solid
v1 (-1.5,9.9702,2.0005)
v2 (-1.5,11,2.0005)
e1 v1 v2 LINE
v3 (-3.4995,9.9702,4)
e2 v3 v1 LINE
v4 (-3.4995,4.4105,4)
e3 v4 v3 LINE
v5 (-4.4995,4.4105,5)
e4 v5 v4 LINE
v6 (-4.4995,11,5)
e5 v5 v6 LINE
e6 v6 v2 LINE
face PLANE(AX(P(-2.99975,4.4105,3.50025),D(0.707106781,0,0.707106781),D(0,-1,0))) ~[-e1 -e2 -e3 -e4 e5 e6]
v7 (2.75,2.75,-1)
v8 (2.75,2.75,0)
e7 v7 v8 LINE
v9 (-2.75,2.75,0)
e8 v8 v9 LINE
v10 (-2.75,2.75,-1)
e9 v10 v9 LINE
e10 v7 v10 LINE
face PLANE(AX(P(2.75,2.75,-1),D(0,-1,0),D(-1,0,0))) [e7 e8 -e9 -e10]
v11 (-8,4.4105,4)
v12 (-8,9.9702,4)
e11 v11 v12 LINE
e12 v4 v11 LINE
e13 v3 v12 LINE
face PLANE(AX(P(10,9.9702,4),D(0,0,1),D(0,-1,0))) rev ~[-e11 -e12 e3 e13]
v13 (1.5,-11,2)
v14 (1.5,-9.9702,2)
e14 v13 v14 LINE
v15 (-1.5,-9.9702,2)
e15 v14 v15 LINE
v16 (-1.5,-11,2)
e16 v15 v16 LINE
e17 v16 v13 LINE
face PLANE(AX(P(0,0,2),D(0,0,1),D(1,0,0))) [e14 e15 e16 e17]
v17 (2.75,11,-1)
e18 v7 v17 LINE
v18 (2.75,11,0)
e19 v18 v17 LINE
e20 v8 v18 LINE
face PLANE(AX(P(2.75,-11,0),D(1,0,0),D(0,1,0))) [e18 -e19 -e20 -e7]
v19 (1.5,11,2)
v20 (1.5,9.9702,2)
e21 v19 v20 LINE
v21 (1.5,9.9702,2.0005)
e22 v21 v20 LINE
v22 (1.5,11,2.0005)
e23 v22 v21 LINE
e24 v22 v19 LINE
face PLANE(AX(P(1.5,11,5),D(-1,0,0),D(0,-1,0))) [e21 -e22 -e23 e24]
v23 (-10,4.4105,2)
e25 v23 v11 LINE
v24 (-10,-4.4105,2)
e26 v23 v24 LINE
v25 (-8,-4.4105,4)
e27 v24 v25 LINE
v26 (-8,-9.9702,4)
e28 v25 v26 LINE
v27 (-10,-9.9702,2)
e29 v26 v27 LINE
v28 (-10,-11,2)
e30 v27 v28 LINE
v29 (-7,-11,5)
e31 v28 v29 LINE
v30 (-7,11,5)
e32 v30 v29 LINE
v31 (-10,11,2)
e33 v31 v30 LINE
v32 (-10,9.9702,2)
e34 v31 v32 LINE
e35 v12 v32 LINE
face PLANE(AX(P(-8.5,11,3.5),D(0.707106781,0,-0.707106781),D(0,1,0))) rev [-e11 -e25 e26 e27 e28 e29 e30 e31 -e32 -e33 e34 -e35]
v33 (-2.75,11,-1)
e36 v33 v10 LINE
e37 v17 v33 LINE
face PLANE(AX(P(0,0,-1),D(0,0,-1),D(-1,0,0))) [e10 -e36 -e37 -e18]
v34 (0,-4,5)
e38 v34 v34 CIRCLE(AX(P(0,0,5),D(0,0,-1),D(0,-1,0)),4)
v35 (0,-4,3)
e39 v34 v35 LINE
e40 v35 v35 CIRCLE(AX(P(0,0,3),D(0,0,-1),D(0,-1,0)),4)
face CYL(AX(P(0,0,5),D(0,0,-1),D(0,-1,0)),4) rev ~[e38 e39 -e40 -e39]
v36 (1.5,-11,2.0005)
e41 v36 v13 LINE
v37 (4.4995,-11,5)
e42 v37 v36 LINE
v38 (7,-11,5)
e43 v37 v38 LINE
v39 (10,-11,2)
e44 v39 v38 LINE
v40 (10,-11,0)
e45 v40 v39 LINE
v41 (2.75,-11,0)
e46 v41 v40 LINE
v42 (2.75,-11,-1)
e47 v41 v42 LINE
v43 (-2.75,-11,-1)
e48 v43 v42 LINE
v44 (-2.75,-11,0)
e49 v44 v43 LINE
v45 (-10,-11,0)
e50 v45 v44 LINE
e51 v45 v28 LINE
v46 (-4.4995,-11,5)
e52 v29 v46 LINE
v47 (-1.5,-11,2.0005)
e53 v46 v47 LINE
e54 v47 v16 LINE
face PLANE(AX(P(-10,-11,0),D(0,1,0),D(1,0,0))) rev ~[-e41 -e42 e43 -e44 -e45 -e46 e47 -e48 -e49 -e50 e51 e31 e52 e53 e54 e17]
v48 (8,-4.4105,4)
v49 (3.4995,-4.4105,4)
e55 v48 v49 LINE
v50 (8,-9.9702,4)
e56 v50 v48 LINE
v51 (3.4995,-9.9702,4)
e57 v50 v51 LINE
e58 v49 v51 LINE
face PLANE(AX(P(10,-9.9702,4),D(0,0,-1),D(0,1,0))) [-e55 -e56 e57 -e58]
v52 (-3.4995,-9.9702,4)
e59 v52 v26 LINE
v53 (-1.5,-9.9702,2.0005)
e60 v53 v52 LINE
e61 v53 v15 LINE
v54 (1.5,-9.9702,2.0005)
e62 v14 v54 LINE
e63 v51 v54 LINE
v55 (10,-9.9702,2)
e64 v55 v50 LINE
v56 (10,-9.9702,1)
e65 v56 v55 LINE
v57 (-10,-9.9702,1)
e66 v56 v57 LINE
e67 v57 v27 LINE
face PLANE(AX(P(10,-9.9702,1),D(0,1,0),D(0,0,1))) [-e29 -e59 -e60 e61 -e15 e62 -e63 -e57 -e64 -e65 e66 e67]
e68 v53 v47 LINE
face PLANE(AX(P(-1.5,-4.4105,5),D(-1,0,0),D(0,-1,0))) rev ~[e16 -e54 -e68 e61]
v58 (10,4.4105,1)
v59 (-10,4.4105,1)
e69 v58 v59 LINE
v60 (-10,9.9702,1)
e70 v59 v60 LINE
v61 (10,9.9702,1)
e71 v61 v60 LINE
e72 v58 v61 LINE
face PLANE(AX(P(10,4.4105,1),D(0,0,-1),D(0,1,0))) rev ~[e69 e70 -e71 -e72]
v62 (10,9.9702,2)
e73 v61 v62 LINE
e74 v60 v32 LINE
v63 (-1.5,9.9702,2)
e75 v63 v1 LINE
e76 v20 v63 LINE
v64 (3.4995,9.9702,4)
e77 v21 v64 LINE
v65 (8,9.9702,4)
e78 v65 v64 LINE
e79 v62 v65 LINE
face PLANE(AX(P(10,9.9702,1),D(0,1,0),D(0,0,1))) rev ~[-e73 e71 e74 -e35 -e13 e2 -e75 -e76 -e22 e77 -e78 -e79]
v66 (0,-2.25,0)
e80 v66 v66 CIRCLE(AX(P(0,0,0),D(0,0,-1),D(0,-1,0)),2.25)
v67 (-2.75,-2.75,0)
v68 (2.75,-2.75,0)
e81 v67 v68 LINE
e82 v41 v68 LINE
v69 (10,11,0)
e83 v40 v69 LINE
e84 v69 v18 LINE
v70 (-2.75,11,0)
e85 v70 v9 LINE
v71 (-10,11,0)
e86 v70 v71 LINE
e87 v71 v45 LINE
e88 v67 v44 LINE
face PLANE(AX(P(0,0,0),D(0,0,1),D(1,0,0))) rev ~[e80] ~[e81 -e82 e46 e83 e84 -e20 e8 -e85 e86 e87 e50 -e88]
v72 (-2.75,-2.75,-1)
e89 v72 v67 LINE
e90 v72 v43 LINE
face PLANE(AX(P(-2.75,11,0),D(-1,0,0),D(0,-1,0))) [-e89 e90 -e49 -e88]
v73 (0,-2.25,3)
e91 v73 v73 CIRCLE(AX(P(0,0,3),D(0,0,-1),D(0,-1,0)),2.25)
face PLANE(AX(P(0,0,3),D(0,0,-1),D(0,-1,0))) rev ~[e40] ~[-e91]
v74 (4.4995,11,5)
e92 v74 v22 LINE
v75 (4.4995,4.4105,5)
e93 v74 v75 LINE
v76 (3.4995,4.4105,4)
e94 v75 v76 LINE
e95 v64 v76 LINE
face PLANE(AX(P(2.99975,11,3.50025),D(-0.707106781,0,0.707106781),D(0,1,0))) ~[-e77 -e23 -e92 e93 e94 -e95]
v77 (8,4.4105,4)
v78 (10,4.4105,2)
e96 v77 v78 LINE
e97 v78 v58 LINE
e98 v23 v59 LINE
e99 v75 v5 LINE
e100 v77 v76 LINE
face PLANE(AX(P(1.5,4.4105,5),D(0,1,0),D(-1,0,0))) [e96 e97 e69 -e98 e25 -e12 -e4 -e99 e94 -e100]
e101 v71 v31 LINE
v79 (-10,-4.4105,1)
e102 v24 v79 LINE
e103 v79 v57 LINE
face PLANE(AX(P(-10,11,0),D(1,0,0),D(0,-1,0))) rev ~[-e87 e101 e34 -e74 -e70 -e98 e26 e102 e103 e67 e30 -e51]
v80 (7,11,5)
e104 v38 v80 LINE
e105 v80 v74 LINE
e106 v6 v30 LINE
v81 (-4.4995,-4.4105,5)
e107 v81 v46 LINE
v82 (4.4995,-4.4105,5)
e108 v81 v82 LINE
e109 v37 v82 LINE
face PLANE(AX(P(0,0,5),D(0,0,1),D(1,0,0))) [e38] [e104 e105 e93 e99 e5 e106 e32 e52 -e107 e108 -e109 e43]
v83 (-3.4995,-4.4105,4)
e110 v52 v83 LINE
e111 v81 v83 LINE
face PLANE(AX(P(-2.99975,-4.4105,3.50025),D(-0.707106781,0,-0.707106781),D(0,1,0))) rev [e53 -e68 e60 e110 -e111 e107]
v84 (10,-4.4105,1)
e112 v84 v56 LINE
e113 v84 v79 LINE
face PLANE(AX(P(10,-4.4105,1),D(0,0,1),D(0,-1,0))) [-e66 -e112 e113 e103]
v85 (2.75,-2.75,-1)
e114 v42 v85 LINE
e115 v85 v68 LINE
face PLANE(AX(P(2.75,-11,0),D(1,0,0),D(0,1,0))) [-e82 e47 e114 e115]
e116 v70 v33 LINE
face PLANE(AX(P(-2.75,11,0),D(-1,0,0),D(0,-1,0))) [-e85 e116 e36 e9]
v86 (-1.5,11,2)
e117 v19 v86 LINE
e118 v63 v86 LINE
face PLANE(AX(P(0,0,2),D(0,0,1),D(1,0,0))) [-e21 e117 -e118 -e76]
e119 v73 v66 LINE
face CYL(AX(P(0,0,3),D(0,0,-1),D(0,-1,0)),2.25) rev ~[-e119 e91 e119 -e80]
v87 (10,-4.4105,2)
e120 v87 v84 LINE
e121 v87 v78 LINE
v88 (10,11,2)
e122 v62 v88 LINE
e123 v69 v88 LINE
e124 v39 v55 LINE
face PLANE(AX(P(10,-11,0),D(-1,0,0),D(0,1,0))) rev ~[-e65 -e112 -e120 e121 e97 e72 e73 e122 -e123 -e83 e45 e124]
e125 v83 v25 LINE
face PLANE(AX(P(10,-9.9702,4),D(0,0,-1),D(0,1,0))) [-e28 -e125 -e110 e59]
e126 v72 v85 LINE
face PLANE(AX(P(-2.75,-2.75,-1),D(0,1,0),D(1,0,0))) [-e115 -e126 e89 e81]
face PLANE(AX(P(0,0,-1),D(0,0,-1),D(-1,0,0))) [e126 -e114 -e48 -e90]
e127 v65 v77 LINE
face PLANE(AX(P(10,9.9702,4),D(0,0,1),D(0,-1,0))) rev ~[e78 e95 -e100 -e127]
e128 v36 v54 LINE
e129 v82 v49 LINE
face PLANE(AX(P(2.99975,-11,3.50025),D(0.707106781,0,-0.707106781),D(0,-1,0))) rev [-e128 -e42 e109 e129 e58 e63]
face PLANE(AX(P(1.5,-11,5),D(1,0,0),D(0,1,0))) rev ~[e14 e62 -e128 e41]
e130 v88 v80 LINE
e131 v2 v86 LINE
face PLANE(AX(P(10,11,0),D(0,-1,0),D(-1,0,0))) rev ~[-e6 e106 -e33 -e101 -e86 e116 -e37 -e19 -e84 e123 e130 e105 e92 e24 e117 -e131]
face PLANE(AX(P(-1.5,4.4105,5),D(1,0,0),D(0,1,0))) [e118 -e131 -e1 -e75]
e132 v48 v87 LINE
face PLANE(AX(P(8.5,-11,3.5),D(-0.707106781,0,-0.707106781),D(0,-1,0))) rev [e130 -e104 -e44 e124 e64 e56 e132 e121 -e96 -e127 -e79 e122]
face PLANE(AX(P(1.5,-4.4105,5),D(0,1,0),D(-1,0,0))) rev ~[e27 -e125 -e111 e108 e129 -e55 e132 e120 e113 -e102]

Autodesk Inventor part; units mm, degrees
ref_plane "YZ Plane" through (0, 0, 0) normal (1, 0, 0) x (0, 1, 0)
ref_plane "XZ Plane" through (0, 0, 0) normal (0, 1, 0) x (-1, 0, 0)
ref_plane "XY Plane" through (0, 0, 0) normal (0, 0, 1) x (1, 0, 0)
sketch "Sketch1" plane through (0, 0, 0) normal (0, 0, 1) x (1, 0, 0)
  line L0 (10, 11) -> (-10, 11)
  line L1 (-10, 11) -> (-10, -11)
  line L2 (-10, -11) -> (10, -11)
  line L3 (10, -11) -> (10, 11)
  line L4 (10, 11) -> (-10, -11) construction
  line L5 (-10, 11) -> (10, -11) construction
  line L6 (0, -12.7143) -> (0, 12.7143) construction
  line L7 (12, 0) -> (-13.2325, 0) construction
  point P0 (0, 0)
  dimension "d0" = 20
  dimension "d1" = 22
extrude "Extrusion1" add sketch "Sketch1" along normal blind 5
chamfer "Chamfer7" distance 3 angle 45 2 edges at (10, 0, 5) (-10, 0, 5)
sketch "Sketch2" plane through (0, 0, 0) normal (0, 0, -1) x (-1, 0, 0)
  line L0 (2, 1.1547) -> (2, -1.1547) projected
  line L1 (2, -1.1547) -> (0, -2.3094) projected
  line L2 (0, -2.3094) -> (-2, -1.1547) projected
  line L3 (-2, -1.1547) -> (-2, 1.1547) projected
  line L4 (-2, 1.1547) -> (0, 2.3094) projected
  line L5 (0, 2.3094) -> (2, 1.1547) projected
  line L6 (10, -11) -> (-10, -11) projected
  line L7 (-2.75, 11) -> (2.75, 11)
  line L8 (2.75, 11) -> (2.75, -11)
  line L9 (2.75, -11) -> (-2.75, -11)
  line L10 (-2.75, -11) -> (-2.75, 11)
  line L11 (-2.75, 11) -> (2.75, -11) construction
  line L12 (2.75, 11) -> (-2.75, -11) construction
  point P0 (0, 0)
  dimension "d5" = 5.5
extrude "Extrusion2" add sketch "Sketch2" along normal blind 1
sketch "Sketch3" plane through (0, 0, -1) normal (0, 0, -1) x (-1, 0, 0)
  line L0 (2, -1.1547) -> (0, -2.3094) projected
  line L1 (0, -2.3094) -> (-2, -1.1547) projected
  line L2 (-2, -1.1547) -> (-2, 1.1547) projected
  line L3 (-2, 1.1547) -> (0, 2.3094) projected
  line L4 (0, 2.3094) -> (2, 1.1547) projected
  line L5 (2, 1.1547) -> (2, -1.1547) projected
  line L6 (-2.75, 2.75) -> (2.75, 2.75)
  line L7 (2.75, 2.75) -> (2.75, -2.75)
  line L8 (2.75, -2.75) -> (-2.75, -2.75)
  line L9 (-2.75, -2.75) -> (-2.75, 2.75)
  line L10 (-2.75, 2.75) -> (2.75, -2.75) construction
  line L11 (2.75, 2.75) -> (-2.75, -2.75) construction
  point P0 (0, 0)
  dimension "d8" = 5.5
  dimension "d9" = 5.5
extrude "Extrusion3" cut sketch "Sketch3" against normal up to surface (1 mm away) from surface at 0
sketch "Sketch8" plane through (0, 0, 5) normal (0, 0, 1) x (1, 0, 0)
  line L0 (-7, -11) -> (7, -11) projected
  line L1 (7, 11) -> (-7, 11) projected
  line L2 (-1.5, -11) -> (1.5, -11)
  line L3 (1.5, -11) -> (1.5, -4.4105)
  line L4 (1.5, -4.4105) -> (-1.5, -4.4105)
  line L5 (-1.5, -4.4105) -> (-1.5, -11)
  line L6 (-1.5, 11) -> (1.5, 11)
  line L7 (1.5, 11) -> (1.5, 4.4105)
  line L8 (1.5, 4.4105) -> (-1.5, 4.4105)
  line L9 (-1.5, 4.4105) -> (-1.5, 11)
  line L10 (-1.5, -11) -> (-1.5, 11) construction
  line L11 (1.5, -11) -> (1.5, 11) construction
  line L12 (1.5, 4.4105) -> (0, 0) construction
  line L13 (0, 0) -> (-1.5, 4.4105) construction
  line L14 (1.5, -4.4105) -> (0, 0) construction
  line L15 (-1.5, -4.4105) -> (0, 0) construction
  dimension "d83" = 3
extrude "Extrusion7" cut sketch "Sketch8" against normal blind 3
chamfer "Chamfer8" distance 3 angle 45 4 edges at (-1.5, 7.7052, 5) (-1.5, -7.7052, 5) (1.5, -7.7052, 5) (1.5, 7.7052, 5)
sketch "Sketch9" plane through (10, -11, 0) normal (1, 0, 0) x (0, 0, -1)
  line L0 (-2, 0) -> (-2, 22) construction
  line L1 (-1, -1) -> (-1, 22.6316) construction
  line L2 (-1, 1.0298) -> (-4, 1.0298)
  line L3 (-4, 1.0298) -> (-4, 6.5895)
  line L4 (-4, 6.5895) -> (-1, 6.5895)
  line L5 (-1, 6.5895) -> (-1, 1.0298)
  line L6 (-1, 20.9702) -> (-4, 20.9702)
  line L7 (-4, 20.9702) -> (-4, 15.4105)
  line L8 (-4, 15.4105) -> (-1, 15.4105)
  line L9 (-1, 15.4105) -> (-1, 20.9702)
  line L10 (-5, 6.5895) -> (-2, 6.5895) construction
  line L11 (-2, 15.4105) -> (-5, 15.4105) construction
  point P0 (0, 11)
  dimension "d85" = 1
extrude "Extrusion8" cut sketch "Sketch9" against normal through all
sketch "Sketch10" plane through (0, 0, 5) normal (0, 0, 1) x (1, 0, 0)
  point P0 (0, 0)
  point P1 (0, 0)
hole "Hole2" at (0, 0, 5) direction (0, 0, -1) diameter 4.5 end through all counterbore diameter 8 counterbore depth 2 clearance for "Socket Head Cap Screw" size "M4" standard "Ansi Metric M Profile"
properties part number "harness clip"
